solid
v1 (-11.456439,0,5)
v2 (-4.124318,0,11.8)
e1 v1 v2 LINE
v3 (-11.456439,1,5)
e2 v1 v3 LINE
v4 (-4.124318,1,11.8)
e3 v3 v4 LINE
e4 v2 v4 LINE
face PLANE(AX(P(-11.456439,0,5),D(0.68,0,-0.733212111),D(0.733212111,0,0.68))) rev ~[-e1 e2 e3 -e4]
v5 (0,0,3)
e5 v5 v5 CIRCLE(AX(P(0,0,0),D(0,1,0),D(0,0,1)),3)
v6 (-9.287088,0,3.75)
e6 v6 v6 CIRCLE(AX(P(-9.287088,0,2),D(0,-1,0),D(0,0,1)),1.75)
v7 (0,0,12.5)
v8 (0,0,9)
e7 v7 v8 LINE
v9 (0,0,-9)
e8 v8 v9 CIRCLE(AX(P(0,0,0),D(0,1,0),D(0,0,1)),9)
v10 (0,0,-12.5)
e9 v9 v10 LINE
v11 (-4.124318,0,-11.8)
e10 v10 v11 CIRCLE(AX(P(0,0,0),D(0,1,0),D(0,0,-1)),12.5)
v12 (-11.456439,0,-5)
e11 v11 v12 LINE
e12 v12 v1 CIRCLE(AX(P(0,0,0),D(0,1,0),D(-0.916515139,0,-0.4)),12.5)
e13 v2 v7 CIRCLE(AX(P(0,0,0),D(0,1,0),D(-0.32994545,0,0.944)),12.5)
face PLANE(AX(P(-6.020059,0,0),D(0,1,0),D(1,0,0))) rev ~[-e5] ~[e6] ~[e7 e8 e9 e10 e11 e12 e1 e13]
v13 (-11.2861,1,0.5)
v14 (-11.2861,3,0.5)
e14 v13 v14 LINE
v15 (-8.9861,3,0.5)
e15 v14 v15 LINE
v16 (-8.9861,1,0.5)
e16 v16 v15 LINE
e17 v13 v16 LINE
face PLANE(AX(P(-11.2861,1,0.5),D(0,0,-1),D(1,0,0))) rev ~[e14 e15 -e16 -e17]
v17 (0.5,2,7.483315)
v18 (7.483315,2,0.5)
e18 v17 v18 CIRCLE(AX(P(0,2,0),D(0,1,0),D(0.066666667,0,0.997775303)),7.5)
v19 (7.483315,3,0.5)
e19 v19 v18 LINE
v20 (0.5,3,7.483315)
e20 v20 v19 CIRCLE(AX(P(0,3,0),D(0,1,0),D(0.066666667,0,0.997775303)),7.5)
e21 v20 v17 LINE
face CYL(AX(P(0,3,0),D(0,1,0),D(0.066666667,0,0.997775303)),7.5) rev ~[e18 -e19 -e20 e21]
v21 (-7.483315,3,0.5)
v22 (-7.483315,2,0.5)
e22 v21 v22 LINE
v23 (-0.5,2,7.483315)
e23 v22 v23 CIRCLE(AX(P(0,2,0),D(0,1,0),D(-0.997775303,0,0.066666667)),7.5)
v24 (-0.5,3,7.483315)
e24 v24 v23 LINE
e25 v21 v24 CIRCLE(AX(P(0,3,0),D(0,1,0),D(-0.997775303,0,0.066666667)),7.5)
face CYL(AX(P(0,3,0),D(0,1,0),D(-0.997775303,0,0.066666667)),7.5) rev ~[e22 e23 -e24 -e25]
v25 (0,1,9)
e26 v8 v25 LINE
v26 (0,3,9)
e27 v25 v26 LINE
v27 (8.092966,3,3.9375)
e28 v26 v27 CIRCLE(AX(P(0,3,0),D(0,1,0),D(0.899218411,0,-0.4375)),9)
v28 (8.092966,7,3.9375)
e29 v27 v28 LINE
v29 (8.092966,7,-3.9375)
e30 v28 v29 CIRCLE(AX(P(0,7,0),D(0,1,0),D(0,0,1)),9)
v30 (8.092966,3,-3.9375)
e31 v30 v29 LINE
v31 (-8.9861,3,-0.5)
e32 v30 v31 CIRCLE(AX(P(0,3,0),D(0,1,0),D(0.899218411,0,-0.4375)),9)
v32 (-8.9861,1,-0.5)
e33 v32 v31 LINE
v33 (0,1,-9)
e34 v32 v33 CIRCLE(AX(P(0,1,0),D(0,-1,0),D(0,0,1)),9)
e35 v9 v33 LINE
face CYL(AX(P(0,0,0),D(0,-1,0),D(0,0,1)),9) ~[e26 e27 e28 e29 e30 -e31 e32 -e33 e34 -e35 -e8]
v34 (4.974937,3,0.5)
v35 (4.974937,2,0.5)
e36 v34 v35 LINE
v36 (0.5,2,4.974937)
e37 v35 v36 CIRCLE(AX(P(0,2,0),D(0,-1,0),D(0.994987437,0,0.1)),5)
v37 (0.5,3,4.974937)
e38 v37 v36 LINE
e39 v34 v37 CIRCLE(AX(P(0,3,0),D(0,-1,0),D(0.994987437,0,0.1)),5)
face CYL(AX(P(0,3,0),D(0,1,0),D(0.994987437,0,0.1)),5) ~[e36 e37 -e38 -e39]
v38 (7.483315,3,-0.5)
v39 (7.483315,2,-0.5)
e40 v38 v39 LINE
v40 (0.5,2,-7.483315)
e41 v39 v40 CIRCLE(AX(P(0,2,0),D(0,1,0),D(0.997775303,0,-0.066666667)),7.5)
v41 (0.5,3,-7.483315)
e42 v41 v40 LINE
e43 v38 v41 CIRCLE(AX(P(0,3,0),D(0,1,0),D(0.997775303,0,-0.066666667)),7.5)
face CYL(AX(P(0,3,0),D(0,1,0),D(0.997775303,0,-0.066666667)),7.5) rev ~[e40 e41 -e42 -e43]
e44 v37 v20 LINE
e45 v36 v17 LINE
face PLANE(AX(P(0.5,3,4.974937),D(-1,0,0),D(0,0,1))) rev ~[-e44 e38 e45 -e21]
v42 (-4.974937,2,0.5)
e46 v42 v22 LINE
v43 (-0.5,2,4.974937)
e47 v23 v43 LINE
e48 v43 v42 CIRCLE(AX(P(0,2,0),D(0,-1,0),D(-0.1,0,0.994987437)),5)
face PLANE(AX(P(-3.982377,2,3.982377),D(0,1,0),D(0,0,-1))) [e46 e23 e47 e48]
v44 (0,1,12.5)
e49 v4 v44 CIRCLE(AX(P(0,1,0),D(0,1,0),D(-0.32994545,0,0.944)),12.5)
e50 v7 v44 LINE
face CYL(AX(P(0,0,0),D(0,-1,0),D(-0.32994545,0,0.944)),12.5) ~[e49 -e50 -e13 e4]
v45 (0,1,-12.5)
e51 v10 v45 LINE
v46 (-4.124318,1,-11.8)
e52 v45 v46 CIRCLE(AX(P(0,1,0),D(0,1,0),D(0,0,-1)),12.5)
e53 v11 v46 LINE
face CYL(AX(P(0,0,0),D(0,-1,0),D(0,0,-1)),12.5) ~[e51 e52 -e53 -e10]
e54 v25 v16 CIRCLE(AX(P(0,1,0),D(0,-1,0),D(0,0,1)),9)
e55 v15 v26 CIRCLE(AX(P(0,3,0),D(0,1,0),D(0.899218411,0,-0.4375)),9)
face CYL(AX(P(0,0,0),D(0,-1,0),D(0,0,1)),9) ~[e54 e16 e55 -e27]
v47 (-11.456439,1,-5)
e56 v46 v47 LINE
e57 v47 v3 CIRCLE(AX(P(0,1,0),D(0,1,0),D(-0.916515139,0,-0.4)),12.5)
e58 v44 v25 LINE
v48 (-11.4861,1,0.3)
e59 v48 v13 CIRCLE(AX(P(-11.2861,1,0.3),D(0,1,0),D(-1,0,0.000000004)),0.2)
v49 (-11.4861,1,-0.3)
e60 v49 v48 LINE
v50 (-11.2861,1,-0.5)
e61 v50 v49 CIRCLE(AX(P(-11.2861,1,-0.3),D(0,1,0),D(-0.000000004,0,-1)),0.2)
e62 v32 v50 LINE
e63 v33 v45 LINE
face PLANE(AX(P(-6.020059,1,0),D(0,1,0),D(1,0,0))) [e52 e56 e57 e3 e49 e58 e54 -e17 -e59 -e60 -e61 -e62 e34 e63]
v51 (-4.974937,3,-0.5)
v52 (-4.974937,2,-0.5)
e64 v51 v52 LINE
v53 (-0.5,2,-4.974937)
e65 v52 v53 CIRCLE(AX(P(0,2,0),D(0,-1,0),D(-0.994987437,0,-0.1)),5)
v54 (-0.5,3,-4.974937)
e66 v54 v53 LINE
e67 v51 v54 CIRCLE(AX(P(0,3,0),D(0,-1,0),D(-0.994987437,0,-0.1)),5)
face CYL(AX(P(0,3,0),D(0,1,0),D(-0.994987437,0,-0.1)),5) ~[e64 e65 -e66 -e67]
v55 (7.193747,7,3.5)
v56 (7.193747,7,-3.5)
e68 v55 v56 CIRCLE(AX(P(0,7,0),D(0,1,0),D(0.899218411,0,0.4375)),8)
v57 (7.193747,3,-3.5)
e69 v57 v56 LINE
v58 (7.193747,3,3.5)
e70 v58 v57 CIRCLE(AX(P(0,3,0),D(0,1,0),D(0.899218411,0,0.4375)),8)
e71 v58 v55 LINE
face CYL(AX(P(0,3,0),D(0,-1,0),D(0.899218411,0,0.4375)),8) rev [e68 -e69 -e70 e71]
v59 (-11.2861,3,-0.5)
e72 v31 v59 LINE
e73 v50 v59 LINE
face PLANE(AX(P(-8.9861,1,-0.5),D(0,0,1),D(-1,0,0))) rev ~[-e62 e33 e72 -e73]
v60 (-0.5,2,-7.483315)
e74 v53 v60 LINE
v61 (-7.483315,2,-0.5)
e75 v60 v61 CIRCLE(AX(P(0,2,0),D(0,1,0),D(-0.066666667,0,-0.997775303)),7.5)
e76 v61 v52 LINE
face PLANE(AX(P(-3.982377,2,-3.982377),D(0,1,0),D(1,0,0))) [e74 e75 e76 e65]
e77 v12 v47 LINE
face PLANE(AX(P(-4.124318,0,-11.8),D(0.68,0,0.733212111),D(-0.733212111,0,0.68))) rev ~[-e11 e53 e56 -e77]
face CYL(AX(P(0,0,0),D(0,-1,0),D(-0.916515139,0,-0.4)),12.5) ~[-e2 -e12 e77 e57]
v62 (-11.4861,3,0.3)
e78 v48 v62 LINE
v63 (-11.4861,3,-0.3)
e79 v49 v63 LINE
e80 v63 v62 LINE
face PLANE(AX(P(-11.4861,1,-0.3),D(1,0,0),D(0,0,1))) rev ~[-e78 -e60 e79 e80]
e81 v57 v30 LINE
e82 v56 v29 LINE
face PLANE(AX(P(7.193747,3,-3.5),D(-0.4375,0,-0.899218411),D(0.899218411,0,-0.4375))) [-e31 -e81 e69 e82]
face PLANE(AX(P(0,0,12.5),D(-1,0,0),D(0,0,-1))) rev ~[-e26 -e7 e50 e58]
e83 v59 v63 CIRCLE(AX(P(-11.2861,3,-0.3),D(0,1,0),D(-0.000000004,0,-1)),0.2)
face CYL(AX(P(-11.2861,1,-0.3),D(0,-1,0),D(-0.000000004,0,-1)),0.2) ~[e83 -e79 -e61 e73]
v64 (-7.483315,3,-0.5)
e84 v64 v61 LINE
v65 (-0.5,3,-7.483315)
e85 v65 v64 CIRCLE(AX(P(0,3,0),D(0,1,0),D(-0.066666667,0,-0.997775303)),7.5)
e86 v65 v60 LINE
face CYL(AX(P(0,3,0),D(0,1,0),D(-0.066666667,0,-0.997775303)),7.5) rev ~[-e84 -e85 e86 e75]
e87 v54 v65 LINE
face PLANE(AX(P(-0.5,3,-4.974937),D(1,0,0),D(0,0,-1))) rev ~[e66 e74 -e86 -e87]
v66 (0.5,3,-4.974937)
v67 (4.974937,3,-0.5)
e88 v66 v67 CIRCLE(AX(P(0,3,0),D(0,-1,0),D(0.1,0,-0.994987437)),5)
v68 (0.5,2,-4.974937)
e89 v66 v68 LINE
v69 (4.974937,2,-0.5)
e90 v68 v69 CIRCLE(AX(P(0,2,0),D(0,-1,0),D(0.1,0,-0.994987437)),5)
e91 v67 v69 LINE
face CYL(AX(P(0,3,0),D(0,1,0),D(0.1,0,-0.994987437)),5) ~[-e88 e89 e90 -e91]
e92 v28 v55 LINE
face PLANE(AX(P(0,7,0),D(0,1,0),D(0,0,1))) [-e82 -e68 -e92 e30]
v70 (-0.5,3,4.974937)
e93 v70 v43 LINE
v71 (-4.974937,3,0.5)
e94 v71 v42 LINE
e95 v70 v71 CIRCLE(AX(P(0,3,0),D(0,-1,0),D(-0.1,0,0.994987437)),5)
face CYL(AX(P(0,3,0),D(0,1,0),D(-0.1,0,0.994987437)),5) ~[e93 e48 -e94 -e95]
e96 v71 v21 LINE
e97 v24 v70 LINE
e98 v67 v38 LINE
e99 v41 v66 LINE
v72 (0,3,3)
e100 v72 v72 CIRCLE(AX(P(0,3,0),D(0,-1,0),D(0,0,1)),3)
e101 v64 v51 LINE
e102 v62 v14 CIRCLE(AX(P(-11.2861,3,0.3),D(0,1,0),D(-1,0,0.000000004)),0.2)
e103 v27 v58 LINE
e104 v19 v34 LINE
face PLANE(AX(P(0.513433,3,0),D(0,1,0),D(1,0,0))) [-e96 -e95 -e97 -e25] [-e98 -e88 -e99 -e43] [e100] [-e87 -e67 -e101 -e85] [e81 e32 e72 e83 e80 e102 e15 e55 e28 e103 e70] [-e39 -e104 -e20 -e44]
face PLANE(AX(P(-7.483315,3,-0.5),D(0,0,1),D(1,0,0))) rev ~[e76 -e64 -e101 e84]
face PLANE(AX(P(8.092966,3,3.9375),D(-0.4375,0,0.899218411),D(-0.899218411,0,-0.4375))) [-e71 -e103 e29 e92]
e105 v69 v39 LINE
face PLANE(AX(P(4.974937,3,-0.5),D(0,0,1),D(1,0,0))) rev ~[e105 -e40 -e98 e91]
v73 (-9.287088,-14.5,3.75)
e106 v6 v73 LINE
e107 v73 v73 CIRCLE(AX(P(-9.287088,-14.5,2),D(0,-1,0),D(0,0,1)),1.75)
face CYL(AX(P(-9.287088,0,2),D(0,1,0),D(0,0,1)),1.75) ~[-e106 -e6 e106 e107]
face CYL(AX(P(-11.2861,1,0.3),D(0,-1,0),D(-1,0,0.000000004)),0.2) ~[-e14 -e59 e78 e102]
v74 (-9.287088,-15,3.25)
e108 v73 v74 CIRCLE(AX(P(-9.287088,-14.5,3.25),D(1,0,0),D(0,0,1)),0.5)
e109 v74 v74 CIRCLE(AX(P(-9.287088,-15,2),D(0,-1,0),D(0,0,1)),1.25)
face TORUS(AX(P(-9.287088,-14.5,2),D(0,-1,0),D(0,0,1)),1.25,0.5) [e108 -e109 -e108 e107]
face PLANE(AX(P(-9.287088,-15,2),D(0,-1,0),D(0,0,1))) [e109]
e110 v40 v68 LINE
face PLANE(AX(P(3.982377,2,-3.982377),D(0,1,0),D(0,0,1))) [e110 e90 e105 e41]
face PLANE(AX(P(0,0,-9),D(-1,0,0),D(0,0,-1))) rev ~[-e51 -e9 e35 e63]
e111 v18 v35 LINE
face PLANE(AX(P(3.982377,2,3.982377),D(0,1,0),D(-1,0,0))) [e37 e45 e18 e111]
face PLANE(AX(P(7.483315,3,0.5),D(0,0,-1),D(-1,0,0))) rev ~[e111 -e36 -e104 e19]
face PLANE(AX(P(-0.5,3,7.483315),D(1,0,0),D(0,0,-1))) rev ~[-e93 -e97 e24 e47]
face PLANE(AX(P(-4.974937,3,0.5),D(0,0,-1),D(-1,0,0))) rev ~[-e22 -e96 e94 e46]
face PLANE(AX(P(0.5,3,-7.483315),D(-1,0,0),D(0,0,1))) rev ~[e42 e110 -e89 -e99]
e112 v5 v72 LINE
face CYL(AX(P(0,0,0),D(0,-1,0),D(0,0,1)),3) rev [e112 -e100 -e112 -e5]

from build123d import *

# Parameters (mm, degrees)
SCHIZZO1_R                   = 9
SCHIZZO1_R_2                 = 3
ESTRUSIONE_ESTRUSIONE1_DEPTH = 7
TAGLIO_ESTRUSIONE1_START     = -4
TAGLIO_ESTRUSIONE1_DEPTH     = 4
TAGLIO_ESTRUSIONE2_DEPTH     = 1
RIPETIZIONECIRCOLARE1_COUNT  = 4
ESTRUSIONE_ESTRUSIONE2_DEPTH = 1
ESTRUSIONE_ESTRUSIONE3_DEPTH = 2
SCHIZZO7_R                   = 1.75
ESTRUSIONE_ESTRUSIONE4_DEPTH = 15
RACCORDO1_R                  = 0.5


with BuildPart() as part:
    # Schizzo1 → Estrusione-Estrusione1 (new body)
    with BuildSketch(Plane(origin=(0, 0, 0), x_dir=(1, 0, 0), z_dir=(0, 1, 0))):
        with Locations(Location((0, 0, 0), (0, 0, 270))):
            Circle(SCHIZZO1_R)
        with Locations(Location((0, 0, 0), (0, 0, 270))):
            Circle(SCHIZZO1_R_2, mode=Mode.SUBTRACT)
    extrude(amount=ESTRUSIONE_ESTRUSIONE1_DEPTH)

    # Schizzo3 → Taglio-Estrusione1 (cut)
    with BuildSketch(Plane(origin=(0, 7, 0), x_dir=(1, 0, 0), z_dir=(0, 1, 0)).offset(TAGLIO_ESTRUSIONE1_START)):
        with BuildLine():
            Line((7.193747285, 3.5), (8.092965696, 3.9375))
            ThreePointArc((8.092965696, 3.9375), (-9, 0), (8.092965696, -3.9375))
            Line((8.092965696, -3.9375), (7.193747285, -3.5))
            ThreePointArc((7.193747285, -3.5), (8, 0), (7.193747285, 3.5))
        make_face()
    extrude(amount=TAGLIO_ESTRUSIONE1_DEPTH, mode=Mode.SUBTRACT)

    # Schizzo4 → Taglio-Estrusione2 (cut)
    with BuildSketch(Plane(origin=(0, 3, 0), x_dir=(1, 0, 0), z_dir=(0, 1, 0))):
        with BuildLine():
            Line((-0.5, 4.974937186), (-0.5, 7.483314774))
            ThreePointArc((-0.5, 7.483314774), (-5.303300859, 5.303300859), (-7.483314774, 0.5))
            Line((-7.483314774, 0.5), (-4.974937186, 0.5))
            ThreePointArc((-4.974937186, 0.5), (-3.535533906, 3.535533906), (-0.5, 4.974937186))
        make_face()
    taglio_estrusione2 = extrude(amount=-TAGLIO_ESTRUSIONE2_DEPTH, mode=Mode.SUBTRACT)

    # RipetizioneCircolare1: Taglio-Estrusione2 ×4 about axis
    ripetizionecircolare1_axis = Axis((0, 0, 0), (0, 1, 0))
    for i in range(1, RIPETIZIONECIRCOLARE1_COUNT):
        add(taglio_estrusione2.rotate(ripetizionecircolare1_axis, i * 360 / RIPETIZIONECIRCOLARE1_COUNT), mode=Mode.SUBTRACT)

    # Schizzo5 → Estrusione-Estrusione2 (add)
    with BuildSketch(Plane(origin=(0, 0, 0), x_dir=(1, 0, 0), z_dir=(0, 1, 0))):
        with BuildLine():
            Line((0, 9), (0, 12.5))
            ThreePointArc((0, 12.5), (-2.091650066, 12.323757544), (-4.124318125, 11.8))
            Line((-4.124318125, 11.8), (-11.456439237, 5))
            ThreePointArc((-11.456439237, 5), (-12.5, 0), (-11.456439237, -5))
            Line((-11.456439237, -5), (-4.124318125, -11.8))
            ThreePointArc((-4.124318125, -11.8), (-2.091650066, -12.323757544), (0, -12.5))
            Line((0, -12.5), (0, -9))
            ThreePointArc((0, -9), (-9, 0), (0, 9))
        make_face()
    extrude(amount=ESTRUSIONE_ESTRUSIONE2_DEPTH)

    # Schizzo6 → Estrusione-Estrusione3 (add)
    with BuildSketch(Plane(origin=(0, 1, 0), x_dir=(1, 0, 0), z_dir=(0, 1, 0))):
        with BuildLine():
            Line((-8.986100378, 0.5), (-11.286100378, 0.5))
            ThreePointArc((-11.286100378, 0.5), (-11.427521734, 0.441421356), (-11.486100378, 0.3))
            Line((-11.486100378, 0.3), (-11.486100378, -0.3))
            ThreePointArc((-11.486100378, -0.3), (-11.427521734, -0.441421356), (-11.286100378, -0.5))
            Line((-11.286100378, -0.5), (-8.986100378, -0.5))
            ThreePointArc((-8.986100378, -0.5), (-9, 0), (-8.986100378, 0.5))
        make_face()
    extrude(amount=ESTRUSIONE_ESTRUSIONE3_DEPTH)

    # Schizzo7 → Estrusione-Estrusione4 (add)
    with BuildSketch(Plane.XZ):
        with Locations(Location((-9.287087811, 2, 0), (0, 0, 90))):
            Circle(SCHIZZO7_R)
    extrude(amount=ESTRUSIONE_ESTRUSIONE4_DEPTH)

    # Raccordo1
    raccordo1_edges = [part.edges().sort_by_distance(p)[0] for p in [
        (-9.287087811, -15, 0.25),
    ]]
    fillet(raccordo1_edges, radius=RACCORDO1_R)


solid = part.part
